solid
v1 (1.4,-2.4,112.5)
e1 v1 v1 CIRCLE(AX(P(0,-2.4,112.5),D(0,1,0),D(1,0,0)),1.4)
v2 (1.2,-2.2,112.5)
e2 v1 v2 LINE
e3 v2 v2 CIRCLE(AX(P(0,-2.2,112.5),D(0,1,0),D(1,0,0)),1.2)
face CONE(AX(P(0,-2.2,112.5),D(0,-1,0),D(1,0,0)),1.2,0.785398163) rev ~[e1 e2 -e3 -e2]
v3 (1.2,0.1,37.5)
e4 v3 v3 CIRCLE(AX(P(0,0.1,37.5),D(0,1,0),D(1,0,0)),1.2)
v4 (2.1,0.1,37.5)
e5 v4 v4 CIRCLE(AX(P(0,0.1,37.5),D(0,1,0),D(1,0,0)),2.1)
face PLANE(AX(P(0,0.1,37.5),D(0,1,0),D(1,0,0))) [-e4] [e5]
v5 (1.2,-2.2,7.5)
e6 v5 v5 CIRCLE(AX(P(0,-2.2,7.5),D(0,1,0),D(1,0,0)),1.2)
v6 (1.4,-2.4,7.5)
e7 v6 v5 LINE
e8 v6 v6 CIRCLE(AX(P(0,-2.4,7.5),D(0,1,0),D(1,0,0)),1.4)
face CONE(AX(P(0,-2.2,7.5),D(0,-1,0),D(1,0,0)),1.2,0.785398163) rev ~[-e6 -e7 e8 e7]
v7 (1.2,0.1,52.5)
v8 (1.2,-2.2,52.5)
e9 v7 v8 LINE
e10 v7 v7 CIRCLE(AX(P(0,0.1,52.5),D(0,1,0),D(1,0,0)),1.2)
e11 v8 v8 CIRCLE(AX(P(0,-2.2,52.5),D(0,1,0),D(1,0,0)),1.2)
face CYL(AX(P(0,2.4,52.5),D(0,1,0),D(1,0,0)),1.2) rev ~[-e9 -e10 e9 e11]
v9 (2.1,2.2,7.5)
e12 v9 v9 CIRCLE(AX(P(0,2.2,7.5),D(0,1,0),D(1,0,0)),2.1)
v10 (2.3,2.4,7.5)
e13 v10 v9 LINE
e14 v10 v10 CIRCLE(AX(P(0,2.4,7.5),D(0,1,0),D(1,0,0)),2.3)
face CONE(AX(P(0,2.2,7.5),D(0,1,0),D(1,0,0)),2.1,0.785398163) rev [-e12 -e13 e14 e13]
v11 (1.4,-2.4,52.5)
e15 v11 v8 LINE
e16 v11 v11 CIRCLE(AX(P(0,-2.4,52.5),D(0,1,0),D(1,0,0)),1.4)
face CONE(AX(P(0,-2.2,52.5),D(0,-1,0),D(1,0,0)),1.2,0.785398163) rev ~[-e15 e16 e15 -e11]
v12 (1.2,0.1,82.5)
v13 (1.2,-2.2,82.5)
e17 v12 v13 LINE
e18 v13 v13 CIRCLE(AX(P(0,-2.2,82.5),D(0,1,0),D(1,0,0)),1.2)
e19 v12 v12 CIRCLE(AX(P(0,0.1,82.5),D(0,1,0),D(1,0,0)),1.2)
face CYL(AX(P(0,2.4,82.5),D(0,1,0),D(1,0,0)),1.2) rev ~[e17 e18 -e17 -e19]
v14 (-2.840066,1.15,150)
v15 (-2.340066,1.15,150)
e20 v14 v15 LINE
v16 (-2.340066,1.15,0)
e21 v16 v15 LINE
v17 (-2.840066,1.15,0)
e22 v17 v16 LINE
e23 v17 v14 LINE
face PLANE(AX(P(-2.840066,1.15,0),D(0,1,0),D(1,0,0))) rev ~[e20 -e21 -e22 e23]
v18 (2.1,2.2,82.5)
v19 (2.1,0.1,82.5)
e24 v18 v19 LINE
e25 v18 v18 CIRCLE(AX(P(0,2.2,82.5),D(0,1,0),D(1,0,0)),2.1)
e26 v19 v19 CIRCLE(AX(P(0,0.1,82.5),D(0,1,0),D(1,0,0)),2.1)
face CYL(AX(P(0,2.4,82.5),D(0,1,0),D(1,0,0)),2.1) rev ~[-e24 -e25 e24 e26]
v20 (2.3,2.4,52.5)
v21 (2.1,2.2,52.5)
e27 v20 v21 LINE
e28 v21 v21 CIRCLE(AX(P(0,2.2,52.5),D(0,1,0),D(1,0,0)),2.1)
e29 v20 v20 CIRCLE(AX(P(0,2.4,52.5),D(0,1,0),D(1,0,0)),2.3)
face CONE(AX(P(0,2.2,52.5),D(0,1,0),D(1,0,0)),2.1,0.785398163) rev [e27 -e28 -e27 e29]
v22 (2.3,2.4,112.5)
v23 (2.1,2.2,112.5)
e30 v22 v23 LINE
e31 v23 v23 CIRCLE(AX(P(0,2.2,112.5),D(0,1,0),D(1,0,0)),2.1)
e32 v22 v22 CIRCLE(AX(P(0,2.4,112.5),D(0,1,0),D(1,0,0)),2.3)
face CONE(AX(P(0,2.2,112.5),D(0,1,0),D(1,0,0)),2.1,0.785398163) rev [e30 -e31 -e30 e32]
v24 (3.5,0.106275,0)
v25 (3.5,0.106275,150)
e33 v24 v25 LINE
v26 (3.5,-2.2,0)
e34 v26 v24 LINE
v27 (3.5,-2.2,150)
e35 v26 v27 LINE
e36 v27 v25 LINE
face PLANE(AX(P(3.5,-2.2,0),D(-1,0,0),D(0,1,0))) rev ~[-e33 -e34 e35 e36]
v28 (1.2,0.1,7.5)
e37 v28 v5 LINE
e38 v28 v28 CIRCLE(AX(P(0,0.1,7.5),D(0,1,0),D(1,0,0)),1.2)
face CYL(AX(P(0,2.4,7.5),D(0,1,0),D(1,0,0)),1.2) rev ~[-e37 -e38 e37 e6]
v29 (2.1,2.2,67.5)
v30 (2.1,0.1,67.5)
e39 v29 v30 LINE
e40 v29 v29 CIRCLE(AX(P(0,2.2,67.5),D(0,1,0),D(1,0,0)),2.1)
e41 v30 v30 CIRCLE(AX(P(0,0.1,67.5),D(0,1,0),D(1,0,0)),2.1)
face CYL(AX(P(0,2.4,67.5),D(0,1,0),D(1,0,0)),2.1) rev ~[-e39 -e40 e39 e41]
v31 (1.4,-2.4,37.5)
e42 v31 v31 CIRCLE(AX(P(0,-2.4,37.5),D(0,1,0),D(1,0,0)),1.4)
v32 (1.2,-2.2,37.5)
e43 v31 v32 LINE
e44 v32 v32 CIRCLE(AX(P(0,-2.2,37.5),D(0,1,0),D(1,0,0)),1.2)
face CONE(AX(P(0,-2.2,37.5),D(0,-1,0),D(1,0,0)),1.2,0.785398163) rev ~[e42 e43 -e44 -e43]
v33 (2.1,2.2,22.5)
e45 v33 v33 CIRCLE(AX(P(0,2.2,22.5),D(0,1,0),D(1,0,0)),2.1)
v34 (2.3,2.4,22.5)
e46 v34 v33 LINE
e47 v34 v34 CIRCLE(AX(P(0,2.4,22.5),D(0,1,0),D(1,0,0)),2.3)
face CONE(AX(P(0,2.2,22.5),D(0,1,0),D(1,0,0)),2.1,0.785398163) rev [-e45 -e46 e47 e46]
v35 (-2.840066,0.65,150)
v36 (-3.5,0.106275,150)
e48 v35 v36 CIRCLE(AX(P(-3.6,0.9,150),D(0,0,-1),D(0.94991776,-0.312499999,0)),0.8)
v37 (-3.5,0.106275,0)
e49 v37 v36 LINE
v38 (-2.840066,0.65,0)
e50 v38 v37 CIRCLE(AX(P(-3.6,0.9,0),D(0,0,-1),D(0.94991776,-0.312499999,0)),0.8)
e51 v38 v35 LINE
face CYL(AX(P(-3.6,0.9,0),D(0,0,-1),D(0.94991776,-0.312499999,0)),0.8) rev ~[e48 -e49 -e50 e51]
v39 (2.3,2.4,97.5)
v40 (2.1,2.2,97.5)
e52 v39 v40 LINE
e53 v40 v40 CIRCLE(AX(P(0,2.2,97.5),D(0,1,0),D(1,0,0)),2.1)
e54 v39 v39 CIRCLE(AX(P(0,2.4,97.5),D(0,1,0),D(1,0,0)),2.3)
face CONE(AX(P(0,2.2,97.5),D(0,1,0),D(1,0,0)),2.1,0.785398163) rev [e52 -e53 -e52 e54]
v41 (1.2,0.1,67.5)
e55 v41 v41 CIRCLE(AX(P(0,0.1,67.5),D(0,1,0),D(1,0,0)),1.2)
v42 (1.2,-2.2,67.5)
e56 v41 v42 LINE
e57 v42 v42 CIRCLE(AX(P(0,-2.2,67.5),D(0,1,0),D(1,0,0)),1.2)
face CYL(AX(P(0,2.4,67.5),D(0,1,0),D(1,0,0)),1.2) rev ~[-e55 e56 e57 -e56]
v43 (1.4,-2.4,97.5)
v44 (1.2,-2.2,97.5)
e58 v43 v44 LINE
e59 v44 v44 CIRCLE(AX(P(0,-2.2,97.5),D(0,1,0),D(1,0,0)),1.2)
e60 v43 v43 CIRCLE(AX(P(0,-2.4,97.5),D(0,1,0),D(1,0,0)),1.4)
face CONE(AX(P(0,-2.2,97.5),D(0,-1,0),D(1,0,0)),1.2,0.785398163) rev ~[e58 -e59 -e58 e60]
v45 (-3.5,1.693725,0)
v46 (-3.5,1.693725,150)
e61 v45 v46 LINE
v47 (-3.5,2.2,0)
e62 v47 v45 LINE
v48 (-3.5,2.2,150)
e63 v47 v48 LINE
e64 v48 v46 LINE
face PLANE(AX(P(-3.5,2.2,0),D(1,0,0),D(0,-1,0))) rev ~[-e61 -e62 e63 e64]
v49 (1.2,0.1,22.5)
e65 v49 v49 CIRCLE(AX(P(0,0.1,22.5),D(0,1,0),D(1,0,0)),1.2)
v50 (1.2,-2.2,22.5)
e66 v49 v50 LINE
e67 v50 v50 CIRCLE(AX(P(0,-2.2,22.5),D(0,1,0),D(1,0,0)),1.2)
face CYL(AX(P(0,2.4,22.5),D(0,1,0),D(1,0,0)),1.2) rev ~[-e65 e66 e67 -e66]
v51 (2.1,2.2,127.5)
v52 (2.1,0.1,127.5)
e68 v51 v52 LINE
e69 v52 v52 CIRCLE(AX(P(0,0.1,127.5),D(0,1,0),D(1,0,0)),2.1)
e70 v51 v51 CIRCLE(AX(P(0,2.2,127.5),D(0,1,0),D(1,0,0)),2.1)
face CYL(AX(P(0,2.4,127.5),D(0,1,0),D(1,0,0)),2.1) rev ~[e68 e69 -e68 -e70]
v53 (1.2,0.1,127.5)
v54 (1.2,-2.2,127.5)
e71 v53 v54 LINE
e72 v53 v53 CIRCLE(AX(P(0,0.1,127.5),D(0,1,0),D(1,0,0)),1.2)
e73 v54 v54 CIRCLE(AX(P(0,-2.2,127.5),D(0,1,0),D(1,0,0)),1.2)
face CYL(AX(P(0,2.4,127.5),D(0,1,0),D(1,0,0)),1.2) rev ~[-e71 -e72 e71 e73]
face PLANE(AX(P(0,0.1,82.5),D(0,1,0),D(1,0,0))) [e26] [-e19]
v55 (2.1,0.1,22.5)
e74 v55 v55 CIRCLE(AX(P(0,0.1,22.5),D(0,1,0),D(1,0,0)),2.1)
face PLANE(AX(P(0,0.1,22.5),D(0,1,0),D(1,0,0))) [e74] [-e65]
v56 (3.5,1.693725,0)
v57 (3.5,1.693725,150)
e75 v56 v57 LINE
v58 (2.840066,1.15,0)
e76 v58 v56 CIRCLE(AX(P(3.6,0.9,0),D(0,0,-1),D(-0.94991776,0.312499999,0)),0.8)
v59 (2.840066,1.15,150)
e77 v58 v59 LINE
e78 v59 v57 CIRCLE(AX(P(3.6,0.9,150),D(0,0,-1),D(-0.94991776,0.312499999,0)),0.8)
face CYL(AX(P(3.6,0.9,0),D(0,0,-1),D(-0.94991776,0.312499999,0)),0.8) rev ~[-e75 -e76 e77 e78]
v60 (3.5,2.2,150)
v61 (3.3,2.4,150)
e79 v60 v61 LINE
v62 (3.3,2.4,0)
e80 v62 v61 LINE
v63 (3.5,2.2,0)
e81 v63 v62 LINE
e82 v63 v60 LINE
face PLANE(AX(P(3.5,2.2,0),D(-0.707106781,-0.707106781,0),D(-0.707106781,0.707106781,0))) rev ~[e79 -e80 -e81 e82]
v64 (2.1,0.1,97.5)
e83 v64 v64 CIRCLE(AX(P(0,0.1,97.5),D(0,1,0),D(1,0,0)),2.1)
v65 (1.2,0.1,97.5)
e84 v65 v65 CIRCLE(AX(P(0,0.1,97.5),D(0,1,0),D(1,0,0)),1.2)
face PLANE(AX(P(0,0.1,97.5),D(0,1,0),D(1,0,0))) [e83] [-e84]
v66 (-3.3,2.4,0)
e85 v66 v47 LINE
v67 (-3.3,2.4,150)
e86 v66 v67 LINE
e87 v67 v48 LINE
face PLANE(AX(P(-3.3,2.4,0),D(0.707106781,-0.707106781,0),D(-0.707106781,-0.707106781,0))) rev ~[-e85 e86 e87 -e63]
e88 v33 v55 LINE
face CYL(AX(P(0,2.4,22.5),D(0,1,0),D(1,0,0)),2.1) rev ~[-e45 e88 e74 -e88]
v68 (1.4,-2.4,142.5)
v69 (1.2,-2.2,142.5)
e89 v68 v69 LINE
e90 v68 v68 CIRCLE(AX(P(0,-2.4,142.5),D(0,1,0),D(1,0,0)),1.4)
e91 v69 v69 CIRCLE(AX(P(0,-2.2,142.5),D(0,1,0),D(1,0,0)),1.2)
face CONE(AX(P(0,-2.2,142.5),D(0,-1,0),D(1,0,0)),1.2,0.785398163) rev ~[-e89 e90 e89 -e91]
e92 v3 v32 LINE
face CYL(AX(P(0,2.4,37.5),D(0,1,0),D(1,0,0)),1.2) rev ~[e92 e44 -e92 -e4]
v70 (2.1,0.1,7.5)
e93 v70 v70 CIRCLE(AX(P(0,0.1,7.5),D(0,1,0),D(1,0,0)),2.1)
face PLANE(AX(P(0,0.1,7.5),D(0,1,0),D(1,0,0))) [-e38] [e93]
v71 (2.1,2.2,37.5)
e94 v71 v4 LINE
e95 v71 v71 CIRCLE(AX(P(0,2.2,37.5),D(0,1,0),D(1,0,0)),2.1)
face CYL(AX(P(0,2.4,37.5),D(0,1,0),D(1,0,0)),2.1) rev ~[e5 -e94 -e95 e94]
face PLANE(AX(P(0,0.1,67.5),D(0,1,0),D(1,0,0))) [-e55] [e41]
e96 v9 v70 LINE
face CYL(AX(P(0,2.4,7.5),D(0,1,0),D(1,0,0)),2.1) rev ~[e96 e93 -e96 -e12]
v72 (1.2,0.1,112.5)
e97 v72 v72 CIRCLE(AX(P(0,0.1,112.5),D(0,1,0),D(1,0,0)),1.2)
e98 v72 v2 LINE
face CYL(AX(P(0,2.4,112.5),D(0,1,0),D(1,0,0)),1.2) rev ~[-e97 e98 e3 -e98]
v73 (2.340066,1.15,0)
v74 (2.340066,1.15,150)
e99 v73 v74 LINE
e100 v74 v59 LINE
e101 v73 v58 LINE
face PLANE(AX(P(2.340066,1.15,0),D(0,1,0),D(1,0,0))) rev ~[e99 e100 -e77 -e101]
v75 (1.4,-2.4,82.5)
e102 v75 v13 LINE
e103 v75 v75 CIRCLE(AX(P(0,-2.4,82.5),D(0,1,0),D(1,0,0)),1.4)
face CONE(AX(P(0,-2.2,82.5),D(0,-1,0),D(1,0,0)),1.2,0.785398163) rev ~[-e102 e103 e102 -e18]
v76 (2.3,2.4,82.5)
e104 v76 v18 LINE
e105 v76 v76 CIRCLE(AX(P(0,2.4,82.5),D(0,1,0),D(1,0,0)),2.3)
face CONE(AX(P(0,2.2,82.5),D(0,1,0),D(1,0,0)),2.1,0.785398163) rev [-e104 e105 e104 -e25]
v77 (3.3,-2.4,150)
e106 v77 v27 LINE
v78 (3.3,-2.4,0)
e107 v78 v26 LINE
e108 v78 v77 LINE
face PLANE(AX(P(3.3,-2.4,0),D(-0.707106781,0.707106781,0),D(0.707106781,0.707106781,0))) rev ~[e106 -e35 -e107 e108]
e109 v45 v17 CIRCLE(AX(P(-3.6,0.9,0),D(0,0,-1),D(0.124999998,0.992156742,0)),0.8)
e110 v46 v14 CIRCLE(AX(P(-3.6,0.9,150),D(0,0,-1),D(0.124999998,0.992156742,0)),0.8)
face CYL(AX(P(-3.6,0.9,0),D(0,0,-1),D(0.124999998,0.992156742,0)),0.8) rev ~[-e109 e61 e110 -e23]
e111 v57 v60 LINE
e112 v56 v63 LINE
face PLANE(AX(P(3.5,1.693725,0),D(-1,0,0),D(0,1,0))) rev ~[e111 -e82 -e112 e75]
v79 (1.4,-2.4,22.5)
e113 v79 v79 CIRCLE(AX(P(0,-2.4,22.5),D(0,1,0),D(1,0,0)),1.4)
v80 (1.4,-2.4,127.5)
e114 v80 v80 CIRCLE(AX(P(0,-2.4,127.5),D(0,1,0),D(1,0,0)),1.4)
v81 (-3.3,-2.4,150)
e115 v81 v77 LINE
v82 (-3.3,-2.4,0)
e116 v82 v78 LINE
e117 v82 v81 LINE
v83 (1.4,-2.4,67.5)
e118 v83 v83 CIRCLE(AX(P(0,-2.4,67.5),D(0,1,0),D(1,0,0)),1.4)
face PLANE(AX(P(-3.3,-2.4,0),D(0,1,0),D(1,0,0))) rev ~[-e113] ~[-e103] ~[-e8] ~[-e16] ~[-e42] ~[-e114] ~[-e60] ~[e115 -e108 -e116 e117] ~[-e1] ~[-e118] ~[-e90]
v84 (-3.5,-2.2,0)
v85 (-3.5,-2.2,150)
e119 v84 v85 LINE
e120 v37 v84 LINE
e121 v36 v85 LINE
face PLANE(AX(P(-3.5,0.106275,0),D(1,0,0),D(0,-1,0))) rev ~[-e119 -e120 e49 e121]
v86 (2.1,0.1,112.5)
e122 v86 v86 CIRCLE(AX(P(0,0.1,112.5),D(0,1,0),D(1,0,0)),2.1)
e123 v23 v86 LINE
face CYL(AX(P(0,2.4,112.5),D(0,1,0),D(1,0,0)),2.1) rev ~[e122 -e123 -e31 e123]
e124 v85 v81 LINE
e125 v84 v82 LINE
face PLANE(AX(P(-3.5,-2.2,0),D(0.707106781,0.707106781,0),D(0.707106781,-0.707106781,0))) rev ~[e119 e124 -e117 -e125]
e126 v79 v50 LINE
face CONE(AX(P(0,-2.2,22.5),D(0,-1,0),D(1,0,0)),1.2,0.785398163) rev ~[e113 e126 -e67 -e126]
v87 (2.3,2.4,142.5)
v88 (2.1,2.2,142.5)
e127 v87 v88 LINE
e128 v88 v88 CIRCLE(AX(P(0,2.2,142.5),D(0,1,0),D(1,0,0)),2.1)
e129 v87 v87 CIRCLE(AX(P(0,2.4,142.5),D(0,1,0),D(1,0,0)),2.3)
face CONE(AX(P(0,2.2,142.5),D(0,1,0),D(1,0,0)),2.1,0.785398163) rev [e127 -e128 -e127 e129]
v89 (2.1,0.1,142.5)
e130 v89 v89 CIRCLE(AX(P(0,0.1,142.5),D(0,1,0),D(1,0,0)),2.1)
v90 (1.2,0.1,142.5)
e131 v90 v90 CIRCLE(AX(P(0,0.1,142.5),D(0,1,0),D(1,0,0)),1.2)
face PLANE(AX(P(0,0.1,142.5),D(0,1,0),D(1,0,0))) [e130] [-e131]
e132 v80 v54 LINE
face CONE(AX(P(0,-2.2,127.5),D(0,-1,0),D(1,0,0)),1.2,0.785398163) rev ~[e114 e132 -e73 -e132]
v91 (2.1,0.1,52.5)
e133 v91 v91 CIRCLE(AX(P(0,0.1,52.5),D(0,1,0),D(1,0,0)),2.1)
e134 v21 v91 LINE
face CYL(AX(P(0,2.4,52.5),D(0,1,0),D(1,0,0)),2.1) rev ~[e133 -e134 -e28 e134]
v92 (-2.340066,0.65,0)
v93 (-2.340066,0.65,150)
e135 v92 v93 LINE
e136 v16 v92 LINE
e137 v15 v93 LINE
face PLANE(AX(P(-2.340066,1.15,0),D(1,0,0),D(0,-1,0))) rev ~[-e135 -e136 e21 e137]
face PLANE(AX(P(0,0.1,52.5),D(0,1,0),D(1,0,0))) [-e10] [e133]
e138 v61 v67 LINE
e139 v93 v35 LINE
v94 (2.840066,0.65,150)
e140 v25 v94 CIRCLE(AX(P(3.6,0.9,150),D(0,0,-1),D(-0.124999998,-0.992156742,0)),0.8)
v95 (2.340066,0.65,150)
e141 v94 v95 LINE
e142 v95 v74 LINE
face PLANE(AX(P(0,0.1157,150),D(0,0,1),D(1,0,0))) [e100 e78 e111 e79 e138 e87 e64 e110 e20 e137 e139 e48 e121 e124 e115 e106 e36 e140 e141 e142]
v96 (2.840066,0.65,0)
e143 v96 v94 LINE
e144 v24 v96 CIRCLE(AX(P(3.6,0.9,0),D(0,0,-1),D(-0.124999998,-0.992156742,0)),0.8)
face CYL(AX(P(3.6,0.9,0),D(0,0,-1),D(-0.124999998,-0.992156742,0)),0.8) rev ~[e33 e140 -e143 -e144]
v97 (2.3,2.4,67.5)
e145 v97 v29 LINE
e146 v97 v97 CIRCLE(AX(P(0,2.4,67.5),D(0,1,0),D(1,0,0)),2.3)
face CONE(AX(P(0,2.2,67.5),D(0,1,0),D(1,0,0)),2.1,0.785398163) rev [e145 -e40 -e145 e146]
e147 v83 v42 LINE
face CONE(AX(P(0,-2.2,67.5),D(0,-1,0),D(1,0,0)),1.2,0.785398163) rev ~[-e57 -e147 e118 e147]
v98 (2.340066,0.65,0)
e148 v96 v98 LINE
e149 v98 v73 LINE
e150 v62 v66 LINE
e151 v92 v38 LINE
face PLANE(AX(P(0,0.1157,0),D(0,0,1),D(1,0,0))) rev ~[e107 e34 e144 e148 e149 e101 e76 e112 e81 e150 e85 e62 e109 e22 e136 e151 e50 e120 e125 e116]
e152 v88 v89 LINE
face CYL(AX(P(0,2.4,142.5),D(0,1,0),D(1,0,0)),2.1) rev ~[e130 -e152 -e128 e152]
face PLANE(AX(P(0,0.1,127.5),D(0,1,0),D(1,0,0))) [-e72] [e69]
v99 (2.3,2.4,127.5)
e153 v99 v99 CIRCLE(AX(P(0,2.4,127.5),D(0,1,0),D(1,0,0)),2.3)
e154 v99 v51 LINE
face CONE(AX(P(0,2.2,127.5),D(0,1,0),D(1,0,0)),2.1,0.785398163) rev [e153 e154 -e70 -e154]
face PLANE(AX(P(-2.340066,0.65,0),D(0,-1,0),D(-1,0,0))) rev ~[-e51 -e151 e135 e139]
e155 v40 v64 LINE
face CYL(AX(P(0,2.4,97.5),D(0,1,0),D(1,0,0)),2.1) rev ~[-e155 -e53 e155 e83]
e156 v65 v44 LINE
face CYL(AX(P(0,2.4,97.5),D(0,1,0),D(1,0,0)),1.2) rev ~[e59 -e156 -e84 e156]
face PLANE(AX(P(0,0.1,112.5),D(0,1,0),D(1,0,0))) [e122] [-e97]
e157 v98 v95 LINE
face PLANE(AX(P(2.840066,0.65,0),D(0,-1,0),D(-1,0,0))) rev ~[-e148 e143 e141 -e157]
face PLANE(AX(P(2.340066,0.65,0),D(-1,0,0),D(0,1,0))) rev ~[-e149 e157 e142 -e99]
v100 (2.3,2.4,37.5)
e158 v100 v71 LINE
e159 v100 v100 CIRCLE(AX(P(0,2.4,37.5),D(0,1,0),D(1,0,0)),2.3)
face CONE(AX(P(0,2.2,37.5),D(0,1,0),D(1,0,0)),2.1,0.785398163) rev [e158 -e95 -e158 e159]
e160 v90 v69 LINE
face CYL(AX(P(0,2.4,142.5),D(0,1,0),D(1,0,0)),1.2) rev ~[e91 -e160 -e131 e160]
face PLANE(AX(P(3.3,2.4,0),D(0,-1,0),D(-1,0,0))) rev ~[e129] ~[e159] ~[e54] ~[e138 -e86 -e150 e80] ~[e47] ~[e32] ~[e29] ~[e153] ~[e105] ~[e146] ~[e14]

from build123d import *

# Parameters (mm, degrees)
EXTRUDE1_DEPTH             = 150
EXTRUDE2_REACH             = 152.118
SKETCH2_R                  = 1.2
SKETCH_R                   = 2.1
SKETCH_R_2                 = 1.2
EXTRUDE4_DEPTH             = 2.3
CHAMFER1_SIZE              = 0.2
LPATTERN1_COUNT            = 10
LPATTERN1_PITCH            = 15
CHAMFER1_OF_LPATTERN1_SIZE = 0.2


with BuildPart() as part:
    # Sketch1 → Extrude1 (new body)
    with BuildSketch(Plane.XY):
        with BuildLine():
            Line((-3.3, -2.4), (3.3, -2.4))
            Line((3.3, -2.4), (3.5, -2.2))
            Line((3.5, -2.2), (3.5, 0.106274607))
            ThreePointArc((3.5, 0.106274607), (3.091294745, 0.282570681), (2.840065792, 0.65))
            Line((2.840065792, 0.65), (2.340065792, 0.65))
            Line((2.340065792, 0.65), (2.340065792, 1.15))
            Line((2.340065792, 1.15), (2.840065792, 1.15))
            ThreePointArc((2.840065792, 1.15), (3.091294745, 1.517429319), (3.5, 1.693725393))
            Line((3.5, 1.693725393), (3.5, 2.2))
            Line((3.5, 2.2), (3.3, 2.4))
            Line((3.3, 2.4), (-3.3, 2.4))
            Line((-3.3, 2.4), (-3.5, 2.2))
            Line((-3.5, 2.2), (-3.5, 1.693725393))
            ThreePointArc((-3.5, 1.693725393), (-3.091294745, 1.517429319), (-2.840065792, 1.15))
            Line((-2.840065792, 1.15), (-2.340065792, 1.15))
            Line((-2.340065792, 1.15), (-2.340065792, 0.65))
            Line((-2.340065792, 0.65), (-2.840065792, 0.65))
            ThreePointArc((-2.840065792, 0.65), (-3.091294745, 0.282570681), (-3.5, 0.106274607))
            Line((-3.5, 0.106274607), (-3.5, -2.2))
            Line((-3.5, -2.2), (-3.3, -2.4))
        make_face()
    extrude(amount=EXTRUDE1_DEPTH)

    # Sketch2 → Extrude2 (cut, up to next)
    with BuildSketch(Plane(origin=(0, 2.4, 0), x_dir=(1, 0, 0), z_dir=(0, 1, 0)), mode=Mode.PRIVATE) as extrude2_sk1:
        with Locations((0, -7.5)):
            Circle(SKETCH2_R)
    extrude2_tool1 = extrude(extrude2_sk1.sketch, amount=-EXTRUDE2_REACH, mode=Mode.PRIVATE) & part.part
    extrude2 = extrude2_tool1.solids().sort_by_distance((0, 2.4, 7.5))[0]
    add(extrude2, mode=Mode.SUBTRACT)

    # Sketch → Extrude4 (cut)
    with BuildSketch(Plane(origin=(0, 2.4, 0), x_dir=(1, 0, 0), z_dir=(0, 1, 0))):
        with Locations((0, -7.5)):
            Circle(SKETCH_R)
        with Locations((0, -7.5)):
            Circle(SKETCH_R_2, mode=Mode.SUBTRACT)
    extrude4 = extrude(amount=-EXTRUDE4_DEPTH, mode=Mode.SUBTRACT)

    # Chamfer1
    chamfer1_edges = [part.edges().sort_by_distance(p)[0] for p in [
        (-1.2, -2.4, 7.5),
        (-2.1, 2.4, 7.5),
    ]]
    chamfer(chamfer1_edges, length=CHAMFER1_SIZE)

    # LPattern1: Extrude2, Extrude4 ×10
    with Locations(*[(0, 0, i * LPATTERN1_PITCH) for i in range(1, LPATTERN1_COUNT)]):
        add(extrude2, mode=Mode.SUBTRACT)
        add(extrude4, mode=Mode.SUBTRACT)

    # Chamfer1 of LPattern1
    chamfer1_of_lpattern1_edges = [part.edges().sort_by_distance(p)[0] for p in [
        (-1.2, -2.4, 22.5),
        (-2.1, 2.4, 22.5),
        (-1.2, -2.4, 37.5),
        (-2.1, 2.4, 37.5),
        (-1.2, -2.4, 52.5),
        (-2.1, 2.4, 52.5),
        (-1.2, -2.4, 67.5),
        (-2.1, 2.4, 67.5),
        (-1.2, -2.4, 82.5),
        (-2.1, 2.4, 82.5),
        (-1.2, -2.4, 97.5),
        (-2.1, 2.4, 97.5),
        (-1.2, -2.4, 112.5),
        (-2.1, 2.4, 112.5),
        (-1.2, -2.4, 127.5),
        (-2.1, 2.4, 127.5),
        (-1.2, -2.4, 142.5),
        (-2.1, 2.4, 142.5),
    ]]
    chamfer(chamfer1_of_lpattern1_edges, length=CHAMFER1_OF_LPATTERN1_SIZE)


solid = part.part
